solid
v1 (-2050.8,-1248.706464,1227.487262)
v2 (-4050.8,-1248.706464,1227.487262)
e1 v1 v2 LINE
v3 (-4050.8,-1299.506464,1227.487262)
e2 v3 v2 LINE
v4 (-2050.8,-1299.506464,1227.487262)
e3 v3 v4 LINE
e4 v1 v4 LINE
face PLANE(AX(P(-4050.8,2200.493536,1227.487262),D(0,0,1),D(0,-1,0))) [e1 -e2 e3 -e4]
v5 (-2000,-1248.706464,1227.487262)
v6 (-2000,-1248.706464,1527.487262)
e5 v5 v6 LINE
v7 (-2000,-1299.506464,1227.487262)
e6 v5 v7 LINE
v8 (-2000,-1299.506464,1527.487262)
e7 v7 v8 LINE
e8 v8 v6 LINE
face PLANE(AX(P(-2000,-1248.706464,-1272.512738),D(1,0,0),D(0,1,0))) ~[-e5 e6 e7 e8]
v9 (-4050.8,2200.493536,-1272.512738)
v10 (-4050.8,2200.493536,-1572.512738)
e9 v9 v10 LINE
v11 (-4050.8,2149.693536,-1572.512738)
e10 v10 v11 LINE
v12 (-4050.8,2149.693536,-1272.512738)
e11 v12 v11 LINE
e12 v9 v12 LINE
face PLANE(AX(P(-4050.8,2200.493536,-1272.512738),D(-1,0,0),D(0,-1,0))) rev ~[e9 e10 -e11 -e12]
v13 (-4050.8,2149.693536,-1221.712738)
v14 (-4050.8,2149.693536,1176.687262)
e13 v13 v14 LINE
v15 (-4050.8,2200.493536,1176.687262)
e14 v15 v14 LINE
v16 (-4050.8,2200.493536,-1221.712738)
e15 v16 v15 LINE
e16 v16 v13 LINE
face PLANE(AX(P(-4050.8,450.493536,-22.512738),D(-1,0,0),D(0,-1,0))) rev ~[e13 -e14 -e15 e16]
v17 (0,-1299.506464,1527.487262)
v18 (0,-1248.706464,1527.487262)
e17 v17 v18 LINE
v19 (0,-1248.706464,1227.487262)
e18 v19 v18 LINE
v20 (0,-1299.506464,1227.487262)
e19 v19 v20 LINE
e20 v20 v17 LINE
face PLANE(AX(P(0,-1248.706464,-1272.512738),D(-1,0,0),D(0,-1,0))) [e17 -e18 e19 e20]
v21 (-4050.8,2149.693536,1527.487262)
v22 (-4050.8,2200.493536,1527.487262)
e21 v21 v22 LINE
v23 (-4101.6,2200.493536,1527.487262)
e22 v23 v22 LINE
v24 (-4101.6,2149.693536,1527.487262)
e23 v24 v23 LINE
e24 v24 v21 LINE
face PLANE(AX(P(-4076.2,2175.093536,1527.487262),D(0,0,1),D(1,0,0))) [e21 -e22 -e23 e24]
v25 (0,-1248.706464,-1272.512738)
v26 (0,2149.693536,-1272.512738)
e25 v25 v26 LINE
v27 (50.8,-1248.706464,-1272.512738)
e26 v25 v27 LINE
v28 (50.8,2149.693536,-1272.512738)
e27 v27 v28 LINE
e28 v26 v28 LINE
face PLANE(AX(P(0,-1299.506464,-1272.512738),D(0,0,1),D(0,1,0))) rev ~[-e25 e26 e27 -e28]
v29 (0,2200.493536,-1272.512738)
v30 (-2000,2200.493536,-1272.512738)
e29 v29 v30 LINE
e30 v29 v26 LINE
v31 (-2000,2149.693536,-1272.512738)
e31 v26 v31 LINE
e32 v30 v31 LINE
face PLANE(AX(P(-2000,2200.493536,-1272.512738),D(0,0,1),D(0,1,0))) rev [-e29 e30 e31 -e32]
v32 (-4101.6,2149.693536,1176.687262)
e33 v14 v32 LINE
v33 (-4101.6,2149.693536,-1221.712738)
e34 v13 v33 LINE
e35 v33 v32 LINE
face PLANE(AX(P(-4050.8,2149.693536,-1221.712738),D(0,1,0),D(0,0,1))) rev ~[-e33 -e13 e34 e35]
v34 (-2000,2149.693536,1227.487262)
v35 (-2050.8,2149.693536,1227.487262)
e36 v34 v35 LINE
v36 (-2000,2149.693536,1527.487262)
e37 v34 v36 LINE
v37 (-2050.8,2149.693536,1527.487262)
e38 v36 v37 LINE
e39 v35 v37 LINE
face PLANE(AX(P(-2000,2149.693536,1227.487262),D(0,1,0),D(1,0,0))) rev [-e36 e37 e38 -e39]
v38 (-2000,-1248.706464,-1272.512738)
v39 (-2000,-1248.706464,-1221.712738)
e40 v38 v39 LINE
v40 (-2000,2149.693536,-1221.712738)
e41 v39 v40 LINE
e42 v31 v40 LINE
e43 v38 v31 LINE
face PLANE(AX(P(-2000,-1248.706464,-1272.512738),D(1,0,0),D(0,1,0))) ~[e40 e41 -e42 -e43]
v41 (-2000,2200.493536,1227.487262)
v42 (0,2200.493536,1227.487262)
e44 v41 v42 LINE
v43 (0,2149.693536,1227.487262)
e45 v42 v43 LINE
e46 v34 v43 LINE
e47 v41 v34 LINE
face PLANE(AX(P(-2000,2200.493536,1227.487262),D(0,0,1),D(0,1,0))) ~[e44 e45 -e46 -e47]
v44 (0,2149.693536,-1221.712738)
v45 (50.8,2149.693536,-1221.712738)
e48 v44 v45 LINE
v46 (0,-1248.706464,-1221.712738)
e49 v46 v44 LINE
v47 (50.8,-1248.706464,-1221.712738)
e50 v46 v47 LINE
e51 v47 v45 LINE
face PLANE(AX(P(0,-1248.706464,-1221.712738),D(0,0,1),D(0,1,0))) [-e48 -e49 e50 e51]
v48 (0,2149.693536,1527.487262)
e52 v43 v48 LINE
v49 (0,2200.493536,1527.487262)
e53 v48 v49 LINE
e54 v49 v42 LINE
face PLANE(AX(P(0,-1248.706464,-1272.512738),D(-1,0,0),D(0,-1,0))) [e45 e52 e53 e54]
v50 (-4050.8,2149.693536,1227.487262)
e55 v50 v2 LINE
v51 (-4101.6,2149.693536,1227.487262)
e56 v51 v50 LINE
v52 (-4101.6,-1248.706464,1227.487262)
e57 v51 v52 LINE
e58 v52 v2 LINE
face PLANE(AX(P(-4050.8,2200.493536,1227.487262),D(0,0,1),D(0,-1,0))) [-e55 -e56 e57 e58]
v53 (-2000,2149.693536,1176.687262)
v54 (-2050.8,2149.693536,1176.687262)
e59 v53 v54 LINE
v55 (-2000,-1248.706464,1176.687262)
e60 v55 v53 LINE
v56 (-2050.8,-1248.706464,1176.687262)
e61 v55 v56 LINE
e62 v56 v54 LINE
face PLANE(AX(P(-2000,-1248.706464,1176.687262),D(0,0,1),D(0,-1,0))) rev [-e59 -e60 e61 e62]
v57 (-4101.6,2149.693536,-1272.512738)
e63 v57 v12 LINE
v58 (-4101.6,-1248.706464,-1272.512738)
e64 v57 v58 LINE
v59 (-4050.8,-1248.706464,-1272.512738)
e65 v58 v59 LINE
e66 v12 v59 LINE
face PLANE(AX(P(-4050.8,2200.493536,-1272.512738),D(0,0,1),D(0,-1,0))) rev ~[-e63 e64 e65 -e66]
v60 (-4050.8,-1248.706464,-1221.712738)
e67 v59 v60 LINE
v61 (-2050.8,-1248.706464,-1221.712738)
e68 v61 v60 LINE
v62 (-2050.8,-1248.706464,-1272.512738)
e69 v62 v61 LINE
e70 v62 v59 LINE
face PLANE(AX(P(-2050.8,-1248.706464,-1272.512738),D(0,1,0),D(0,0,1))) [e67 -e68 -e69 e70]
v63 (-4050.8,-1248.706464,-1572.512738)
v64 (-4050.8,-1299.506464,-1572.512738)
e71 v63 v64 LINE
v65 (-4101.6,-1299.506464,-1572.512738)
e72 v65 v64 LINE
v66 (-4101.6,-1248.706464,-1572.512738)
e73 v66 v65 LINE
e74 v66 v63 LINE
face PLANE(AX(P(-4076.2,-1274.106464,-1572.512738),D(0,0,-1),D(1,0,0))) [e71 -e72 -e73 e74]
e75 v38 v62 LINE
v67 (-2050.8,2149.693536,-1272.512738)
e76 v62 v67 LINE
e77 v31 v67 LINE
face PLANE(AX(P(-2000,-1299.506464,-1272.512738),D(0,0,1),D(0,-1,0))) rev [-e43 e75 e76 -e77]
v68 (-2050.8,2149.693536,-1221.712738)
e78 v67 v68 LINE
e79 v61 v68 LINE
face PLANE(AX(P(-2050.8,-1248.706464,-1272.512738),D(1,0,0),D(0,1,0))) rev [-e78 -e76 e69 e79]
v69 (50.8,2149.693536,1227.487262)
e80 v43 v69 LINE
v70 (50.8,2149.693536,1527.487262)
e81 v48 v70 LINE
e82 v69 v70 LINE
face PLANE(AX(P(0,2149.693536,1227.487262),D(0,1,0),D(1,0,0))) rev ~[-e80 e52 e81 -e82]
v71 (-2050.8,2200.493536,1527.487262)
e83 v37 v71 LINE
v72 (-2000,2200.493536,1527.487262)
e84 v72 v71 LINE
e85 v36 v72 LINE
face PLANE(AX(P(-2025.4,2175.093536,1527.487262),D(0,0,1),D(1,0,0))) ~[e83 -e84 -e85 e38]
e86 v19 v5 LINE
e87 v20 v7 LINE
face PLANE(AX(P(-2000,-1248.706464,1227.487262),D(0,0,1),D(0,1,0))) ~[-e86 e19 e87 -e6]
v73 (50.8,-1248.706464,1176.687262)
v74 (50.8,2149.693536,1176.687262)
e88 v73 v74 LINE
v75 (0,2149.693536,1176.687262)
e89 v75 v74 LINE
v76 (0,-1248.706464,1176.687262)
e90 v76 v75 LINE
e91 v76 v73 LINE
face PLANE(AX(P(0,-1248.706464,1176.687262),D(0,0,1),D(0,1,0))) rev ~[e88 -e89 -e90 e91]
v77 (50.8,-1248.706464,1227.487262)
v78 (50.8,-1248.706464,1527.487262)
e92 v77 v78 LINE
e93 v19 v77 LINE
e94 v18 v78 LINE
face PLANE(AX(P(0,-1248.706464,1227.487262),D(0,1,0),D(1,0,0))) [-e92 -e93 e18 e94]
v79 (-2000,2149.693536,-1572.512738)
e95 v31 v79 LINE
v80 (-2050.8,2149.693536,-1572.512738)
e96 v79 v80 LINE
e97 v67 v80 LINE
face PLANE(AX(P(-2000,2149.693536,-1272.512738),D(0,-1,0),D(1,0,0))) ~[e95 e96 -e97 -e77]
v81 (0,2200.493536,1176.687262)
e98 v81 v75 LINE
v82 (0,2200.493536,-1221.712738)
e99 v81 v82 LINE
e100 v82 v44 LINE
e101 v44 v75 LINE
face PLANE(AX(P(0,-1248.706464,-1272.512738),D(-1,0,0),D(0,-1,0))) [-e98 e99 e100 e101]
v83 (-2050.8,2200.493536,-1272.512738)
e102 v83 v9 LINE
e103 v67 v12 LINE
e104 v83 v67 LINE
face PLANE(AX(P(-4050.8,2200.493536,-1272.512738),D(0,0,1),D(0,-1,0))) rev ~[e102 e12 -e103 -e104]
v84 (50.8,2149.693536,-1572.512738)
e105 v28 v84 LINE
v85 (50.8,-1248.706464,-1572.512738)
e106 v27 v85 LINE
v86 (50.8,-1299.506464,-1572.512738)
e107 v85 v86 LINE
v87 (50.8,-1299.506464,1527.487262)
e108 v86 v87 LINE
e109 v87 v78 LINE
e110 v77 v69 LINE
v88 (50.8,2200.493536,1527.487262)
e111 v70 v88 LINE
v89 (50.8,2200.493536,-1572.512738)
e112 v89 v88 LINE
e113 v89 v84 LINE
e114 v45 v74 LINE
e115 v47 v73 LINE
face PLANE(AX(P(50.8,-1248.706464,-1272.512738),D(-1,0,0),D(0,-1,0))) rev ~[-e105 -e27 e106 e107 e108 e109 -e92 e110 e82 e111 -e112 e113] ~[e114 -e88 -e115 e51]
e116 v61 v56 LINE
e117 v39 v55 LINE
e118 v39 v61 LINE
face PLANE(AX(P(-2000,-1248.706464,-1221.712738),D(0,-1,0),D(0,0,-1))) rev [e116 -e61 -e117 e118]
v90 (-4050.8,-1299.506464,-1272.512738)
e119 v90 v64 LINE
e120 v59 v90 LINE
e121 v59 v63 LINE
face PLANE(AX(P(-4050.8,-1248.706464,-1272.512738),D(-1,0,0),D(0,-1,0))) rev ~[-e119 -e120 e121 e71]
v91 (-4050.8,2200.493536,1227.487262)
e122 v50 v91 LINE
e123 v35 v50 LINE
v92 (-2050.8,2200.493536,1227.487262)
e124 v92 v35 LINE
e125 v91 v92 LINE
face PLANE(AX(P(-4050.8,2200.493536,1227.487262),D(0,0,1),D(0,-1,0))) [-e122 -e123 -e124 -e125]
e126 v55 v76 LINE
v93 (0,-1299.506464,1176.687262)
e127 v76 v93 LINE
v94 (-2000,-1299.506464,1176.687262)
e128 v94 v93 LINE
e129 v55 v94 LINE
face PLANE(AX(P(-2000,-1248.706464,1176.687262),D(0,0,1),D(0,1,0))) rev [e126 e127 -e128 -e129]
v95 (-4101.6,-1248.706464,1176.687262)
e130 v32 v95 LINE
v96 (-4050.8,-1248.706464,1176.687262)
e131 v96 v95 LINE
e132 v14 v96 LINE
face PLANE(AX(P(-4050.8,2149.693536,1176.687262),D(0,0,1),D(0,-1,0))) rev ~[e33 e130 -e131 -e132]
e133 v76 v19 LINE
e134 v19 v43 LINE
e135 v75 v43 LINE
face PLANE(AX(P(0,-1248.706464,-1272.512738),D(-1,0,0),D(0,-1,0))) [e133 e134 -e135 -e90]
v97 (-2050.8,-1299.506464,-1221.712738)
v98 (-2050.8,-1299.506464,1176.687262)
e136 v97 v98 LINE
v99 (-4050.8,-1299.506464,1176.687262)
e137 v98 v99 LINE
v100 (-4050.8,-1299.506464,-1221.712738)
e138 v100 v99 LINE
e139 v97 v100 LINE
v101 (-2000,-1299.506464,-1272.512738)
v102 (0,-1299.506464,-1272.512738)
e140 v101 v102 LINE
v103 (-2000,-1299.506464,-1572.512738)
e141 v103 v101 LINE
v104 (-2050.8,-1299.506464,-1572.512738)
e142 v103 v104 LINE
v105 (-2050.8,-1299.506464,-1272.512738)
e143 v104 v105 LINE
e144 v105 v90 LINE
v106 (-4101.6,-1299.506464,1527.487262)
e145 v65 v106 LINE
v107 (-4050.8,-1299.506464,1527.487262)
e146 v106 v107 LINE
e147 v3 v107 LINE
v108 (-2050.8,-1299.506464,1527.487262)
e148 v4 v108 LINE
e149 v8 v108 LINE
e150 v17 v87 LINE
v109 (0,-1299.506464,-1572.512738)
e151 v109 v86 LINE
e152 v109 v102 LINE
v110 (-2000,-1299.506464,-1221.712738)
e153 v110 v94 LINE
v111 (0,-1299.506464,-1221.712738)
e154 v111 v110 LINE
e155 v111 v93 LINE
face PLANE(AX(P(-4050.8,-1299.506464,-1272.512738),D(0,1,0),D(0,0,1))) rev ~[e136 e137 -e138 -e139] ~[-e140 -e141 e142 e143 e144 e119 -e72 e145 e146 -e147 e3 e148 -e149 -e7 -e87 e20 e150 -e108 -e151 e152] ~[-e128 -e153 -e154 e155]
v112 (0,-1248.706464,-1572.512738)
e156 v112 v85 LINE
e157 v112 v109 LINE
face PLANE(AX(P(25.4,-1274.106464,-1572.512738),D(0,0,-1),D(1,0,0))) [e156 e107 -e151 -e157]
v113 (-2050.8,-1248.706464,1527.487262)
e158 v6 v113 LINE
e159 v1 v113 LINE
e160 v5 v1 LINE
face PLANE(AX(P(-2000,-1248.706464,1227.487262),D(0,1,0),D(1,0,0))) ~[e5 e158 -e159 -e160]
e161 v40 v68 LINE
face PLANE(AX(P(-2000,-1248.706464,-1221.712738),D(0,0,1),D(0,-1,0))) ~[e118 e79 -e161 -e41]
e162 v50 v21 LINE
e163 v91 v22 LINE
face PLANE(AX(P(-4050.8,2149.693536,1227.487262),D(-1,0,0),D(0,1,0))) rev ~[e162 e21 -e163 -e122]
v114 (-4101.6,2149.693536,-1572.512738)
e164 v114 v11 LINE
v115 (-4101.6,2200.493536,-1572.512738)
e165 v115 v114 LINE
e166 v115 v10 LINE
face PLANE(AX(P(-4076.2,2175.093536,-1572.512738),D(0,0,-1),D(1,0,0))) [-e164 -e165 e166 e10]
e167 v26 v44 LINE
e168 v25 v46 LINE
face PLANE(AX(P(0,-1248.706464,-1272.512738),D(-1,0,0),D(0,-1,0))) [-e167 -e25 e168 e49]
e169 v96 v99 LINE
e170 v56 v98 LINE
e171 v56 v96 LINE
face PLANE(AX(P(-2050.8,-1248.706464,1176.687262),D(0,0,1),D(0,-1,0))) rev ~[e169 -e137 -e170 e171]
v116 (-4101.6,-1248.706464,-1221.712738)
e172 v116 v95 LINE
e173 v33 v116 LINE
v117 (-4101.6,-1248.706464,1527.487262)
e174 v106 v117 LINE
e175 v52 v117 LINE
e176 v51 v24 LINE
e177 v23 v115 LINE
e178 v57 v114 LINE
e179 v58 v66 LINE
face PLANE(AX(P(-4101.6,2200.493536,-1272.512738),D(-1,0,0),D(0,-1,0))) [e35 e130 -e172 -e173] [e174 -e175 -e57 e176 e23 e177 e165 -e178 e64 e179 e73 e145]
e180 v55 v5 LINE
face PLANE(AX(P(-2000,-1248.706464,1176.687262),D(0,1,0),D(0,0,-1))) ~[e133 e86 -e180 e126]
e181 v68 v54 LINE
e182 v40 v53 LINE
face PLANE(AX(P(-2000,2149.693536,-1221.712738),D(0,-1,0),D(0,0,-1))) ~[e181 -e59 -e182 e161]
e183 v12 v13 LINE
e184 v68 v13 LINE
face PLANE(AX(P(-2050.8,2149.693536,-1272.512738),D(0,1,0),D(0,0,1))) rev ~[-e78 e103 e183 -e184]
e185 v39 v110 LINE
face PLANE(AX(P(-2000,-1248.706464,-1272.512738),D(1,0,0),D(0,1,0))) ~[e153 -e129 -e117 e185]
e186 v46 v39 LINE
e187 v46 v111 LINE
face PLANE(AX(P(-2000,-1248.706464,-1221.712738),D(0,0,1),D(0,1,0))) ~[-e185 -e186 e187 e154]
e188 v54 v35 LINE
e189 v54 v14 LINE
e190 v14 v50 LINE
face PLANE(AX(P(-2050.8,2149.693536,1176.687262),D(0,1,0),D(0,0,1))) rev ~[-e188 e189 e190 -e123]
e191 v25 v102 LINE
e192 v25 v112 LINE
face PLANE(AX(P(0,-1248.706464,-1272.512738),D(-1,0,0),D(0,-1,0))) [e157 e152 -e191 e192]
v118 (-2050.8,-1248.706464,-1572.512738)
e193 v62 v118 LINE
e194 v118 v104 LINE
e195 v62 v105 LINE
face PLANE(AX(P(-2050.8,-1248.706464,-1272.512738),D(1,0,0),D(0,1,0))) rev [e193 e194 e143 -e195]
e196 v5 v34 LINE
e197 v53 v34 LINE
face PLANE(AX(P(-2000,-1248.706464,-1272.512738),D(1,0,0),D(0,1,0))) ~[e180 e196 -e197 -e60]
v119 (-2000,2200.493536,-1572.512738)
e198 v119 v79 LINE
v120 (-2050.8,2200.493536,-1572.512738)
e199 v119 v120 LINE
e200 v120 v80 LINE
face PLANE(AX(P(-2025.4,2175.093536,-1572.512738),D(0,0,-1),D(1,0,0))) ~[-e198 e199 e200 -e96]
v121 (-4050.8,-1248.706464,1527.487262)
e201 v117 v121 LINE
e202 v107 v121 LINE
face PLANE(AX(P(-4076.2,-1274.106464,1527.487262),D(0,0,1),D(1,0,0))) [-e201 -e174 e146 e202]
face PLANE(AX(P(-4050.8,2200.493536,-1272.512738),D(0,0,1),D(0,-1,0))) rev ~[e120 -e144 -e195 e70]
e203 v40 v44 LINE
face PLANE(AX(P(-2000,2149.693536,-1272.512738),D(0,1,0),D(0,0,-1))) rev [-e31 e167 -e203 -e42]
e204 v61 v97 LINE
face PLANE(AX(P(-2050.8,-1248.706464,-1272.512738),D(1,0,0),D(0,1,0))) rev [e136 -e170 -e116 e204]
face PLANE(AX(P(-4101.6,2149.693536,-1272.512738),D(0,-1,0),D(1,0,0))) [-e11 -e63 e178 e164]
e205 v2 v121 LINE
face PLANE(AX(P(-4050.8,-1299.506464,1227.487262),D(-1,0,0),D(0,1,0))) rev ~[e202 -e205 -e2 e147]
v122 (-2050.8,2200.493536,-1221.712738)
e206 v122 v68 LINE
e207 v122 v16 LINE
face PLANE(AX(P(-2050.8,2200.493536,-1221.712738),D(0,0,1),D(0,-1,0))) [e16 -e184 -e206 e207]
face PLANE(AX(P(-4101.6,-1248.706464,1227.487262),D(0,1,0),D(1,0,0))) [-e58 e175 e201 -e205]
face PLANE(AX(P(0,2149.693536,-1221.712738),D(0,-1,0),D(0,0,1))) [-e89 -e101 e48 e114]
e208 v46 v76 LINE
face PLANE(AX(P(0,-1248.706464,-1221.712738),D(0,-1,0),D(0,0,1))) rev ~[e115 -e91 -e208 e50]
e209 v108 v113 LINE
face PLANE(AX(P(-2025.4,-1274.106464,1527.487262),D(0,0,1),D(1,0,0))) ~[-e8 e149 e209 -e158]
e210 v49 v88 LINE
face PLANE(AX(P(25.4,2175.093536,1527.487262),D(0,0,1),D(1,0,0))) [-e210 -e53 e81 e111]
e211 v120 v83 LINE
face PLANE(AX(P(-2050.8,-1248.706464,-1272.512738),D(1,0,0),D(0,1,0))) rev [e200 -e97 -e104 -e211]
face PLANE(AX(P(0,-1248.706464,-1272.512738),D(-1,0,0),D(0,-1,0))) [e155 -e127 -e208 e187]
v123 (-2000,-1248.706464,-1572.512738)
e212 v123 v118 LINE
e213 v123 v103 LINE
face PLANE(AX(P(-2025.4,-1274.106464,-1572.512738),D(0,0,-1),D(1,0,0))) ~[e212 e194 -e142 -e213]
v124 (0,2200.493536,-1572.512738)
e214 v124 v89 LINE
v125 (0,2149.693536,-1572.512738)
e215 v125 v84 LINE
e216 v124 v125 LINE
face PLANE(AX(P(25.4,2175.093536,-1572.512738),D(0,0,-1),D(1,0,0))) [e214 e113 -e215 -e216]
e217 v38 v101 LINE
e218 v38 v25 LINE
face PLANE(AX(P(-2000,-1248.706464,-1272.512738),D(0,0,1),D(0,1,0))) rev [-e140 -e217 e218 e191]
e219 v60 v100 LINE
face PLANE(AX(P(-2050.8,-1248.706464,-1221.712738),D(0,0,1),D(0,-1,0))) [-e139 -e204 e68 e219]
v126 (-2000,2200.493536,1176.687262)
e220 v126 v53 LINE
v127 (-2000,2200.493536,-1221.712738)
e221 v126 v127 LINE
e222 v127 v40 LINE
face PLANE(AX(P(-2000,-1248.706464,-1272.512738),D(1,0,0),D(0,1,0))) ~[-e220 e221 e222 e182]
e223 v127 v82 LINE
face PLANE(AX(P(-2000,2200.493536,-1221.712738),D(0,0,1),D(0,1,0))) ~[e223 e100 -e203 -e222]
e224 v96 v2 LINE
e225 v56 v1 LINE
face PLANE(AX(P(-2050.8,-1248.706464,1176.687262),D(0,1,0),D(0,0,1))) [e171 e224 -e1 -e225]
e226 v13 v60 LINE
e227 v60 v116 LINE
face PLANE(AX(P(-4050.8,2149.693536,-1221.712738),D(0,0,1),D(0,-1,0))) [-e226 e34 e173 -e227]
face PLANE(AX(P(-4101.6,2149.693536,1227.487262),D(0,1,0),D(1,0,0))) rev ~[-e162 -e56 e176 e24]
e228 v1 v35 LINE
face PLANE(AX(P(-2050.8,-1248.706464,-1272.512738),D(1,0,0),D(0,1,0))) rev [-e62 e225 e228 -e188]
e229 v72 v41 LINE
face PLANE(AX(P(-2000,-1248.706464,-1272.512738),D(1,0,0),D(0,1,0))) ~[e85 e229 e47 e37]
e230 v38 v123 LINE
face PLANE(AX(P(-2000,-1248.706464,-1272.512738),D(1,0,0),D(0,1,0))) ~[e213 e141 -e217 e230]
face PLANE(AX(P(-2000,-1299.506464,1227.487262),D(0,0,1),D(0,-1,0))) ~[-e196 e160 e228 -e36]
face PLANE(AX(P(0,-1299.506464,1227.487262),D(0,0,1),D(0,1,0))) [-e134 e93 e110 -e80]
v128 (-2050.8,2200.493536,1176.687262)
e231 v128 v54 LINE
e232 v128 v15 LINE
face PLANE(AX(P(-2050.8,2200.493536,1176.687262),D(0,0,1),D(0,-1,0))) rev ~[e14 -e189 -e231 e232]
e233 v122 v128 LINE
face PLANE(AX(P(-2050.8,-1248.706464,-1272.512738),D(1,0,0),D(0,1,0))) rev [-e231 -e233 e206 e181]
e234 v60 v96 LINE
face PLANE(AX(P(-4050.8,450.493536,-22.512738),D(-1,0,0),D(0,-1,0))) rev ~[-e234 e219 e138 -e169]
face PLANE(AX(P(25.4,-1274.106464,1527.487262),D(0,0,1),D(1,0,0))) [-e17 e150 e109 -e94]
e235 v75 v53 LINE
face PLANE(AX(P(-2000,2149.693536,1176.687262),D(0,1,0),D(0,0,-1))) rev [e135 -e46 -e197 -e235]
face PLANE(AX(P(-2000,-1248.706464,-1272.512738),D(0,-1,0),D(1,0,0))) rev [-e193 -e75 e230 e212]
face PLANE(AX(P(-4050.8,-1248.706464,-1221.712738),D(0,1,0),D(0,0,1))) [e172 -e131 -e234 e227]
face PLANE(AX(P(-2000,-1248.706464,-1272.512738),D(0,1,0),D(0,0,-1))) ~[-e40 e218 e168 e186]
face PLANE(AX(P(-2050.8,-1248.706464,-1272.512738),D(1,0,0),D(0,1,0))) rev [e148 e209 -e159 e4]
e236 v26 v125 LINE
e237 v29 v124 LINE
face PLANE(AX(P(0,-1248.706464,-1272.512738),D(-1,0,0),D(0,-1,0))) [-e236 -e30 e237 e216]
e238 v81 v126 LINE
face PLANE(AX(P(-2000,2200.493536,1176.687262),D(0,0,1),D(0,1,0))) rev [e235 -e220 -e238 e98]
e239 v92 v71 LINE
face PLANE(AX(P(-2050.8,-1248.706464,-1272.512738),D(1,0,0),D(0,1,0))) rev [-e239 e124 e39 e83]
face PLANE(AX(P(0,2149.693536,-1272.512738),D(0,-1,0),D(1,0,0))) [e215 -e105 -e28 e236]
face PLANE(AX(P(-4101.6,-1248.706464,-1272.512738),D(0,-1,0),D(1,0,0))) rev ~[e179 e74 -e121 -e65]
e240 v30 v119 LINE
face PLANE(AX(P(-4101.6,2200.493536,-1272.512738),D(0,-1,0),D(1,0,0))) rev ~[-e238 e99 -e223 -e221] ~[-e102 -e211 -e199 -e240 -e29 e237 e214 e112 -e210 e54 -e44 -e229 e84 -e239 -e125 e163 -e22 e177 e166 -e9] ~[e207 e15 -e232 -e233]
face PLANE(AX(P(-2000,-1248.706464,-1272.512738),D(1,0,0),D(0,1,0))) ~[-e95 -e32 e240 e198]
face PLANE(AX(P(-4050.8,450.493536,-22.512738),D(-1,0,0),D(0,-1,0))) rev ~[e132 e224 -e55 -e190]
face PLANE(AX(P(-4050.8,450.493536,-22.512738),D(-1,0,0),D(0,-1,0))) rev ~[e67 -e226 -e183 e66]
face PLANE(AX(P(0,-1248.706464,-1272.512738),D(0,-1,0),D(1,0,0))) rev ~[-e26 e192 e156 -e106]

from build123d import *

# Parameters (mm, degrees)
F0_W      = 3500
F0_H      = 2500
F0_W_2    = 3398.4
F0_H_2    = 2398.4
F1_DEPTH  = 50.8
F2_W      = 50.8
F2_H      = 50.8
F3_DEPTH  = 300
F4_W      = 50.8
F4_H      = 50.8
F5_DEPTH  = 300
F6_W      = 50.8
F6_H      = 50.8
F7_DEPTH  = 1000
F9_W      = 50.8
F9_H      = 50.8
F10_DEPTH = 2000
F11_W     = 3500
F11_H     = 2500
F11_W_2   = 3398.4
F11_H_2   = 2398.4
F12_DEPTH = 50.8
F13_W     = 50.8
F13_H     = 50.8
F14_DEPTH = 300
F15_W     = 50.8
F15_H     = 50.8
F16_DEPTH = 300


with BuildPart() as f1:
    # F0 (on Right) → F1 (new body)
    with BuildSketch(Plane.YZ):
        with Locations((450.493536, -22.512738)):
            Rectangle(F0_W, F0_H)
        with Locations((450.493536, -22.512738)):
            Rectangle(F0_W_2, F0_H_2, mode=Mode.SUBTRACT)
    extrude(amount=F1_DEPTH)

    # F2 (on face) → F3 (join)
    with BuildSketch(Plane.XY.offset(1227.487262)):
        with Locations((25.4, -1274.106464)):
            Rectangle(F2_W, F2_H)
        with Locations((25.4, 2175.093536)):
            Rectangle(F2_W, F2_H)
    extrude(amount=F3_DEPTH)

    # F4 (on face) → F5 (join)
    with BuildSketch(Plane(origin=(0, 0, -1272.512738), x_dir=(1, 0, 0), z_dir=(0, 0, -1))):
        with Locations((25.4, 1274.106464)):
            Rectangle(F4_W, F4_H)
        with Locations((25.4, -2175.093536)):
            Rectangle(F4_W, F4_H)
    extrude(amount=F5_DEPTH)

    # F6 (on face) → F7 (join)
    with BuildSketch(Plane(origin=(0, 0, 0), x_dir=(0, -1, 0), z_dir=(-1, 0, 0))):
        with Locations((-2175.093536, 1202.087262)):
            Rectangle(F6_W, F6_H)
        with Locations((1274.106464, 1202.087262)):
            Rectangle(F6_W, F6_H)
        with Locations((-2175.093536, -1247.112738)):
            Rectangle(F6_W, F6_H)
        with Locations((1274.106464, -1247.112738)):
            Rectangle(F6_W, F6_H)
    extrude(amount=F7_DEPTH)

    # F8: F1 across face


with BuildPart() as f1_1:
    add(f1.part)
    add(f1.part.mirror(Plane(origin=(-1000, 2175.093536, 1202.087262), x_dir=(0, -1, 0), z_dir=(-1, 0, 0))))

    # F9 (on face) → F10 (join)
    with BuildSketch(Plane(origin=(-2050.8, 0, 0), x_dir=(0, -1, 0), z_dir=(-1, 0, 0))):
        with Locations((-2175.093536, 1202.087262)):
            Rectangle(F9_W, F9_H)
        with Locations((1274.106464, 1202.087262)):
            Rectangle(F9_W, F9_H)
        with Locations((-2175.093536, -1247.112738)):
            Rectangle(F9_W, F9_H)
        with Locations((1274.106464, -1247.112738)):
            Rectangle(F9_W, F9_H)
    extrude(amount=F10_DEPTH)

    # F11 (on face) → F12 (join)
    with BuildSketch(Plane(origin=(-4050.8, 0, 0), x_dir=(0, -1, 0), z_dir=(-1, 0, 0))):
        with Locations((-450.493536, -22.512738)):
            Rectangle(F11_W, F11_H)
        with Locations((-450.493536, -22.512738)):
            Rectangle(F11_W_2, F11_H_2, mode=Mode.SUBTRACT)
    extrude(amount=F12_DEPTH)

    # F13 (on face) → F14 (join)
    with BuildSketch(Plane.XY.offset(1227.487262)):
        with Locations((-4076.2, 2175.093536)):
            Rectangle(F13_W, F13_H)
        with Locations((-4076.2, -1274.106464)):
            Rectangle(F13_W, F13_H)
    extrude(amount=F14_DEPTH)

    # F15 (on face) → F16 (join)
    with BuildSketch(Plane(origin=(0, 0, -1272.512738), x_dir=(1, 0, 0), z_dir=(0, 0, -1))):
        with Locations((-4076.2, -2175.093536)):
            Rectangle(F15_W, F15_H)
        with Locations((-4076.2, 1274.106464)):
            Rectangle(F15_W, F15_H)
    extrude(amount=F16_DEPTH)


solid = f1_1.part
